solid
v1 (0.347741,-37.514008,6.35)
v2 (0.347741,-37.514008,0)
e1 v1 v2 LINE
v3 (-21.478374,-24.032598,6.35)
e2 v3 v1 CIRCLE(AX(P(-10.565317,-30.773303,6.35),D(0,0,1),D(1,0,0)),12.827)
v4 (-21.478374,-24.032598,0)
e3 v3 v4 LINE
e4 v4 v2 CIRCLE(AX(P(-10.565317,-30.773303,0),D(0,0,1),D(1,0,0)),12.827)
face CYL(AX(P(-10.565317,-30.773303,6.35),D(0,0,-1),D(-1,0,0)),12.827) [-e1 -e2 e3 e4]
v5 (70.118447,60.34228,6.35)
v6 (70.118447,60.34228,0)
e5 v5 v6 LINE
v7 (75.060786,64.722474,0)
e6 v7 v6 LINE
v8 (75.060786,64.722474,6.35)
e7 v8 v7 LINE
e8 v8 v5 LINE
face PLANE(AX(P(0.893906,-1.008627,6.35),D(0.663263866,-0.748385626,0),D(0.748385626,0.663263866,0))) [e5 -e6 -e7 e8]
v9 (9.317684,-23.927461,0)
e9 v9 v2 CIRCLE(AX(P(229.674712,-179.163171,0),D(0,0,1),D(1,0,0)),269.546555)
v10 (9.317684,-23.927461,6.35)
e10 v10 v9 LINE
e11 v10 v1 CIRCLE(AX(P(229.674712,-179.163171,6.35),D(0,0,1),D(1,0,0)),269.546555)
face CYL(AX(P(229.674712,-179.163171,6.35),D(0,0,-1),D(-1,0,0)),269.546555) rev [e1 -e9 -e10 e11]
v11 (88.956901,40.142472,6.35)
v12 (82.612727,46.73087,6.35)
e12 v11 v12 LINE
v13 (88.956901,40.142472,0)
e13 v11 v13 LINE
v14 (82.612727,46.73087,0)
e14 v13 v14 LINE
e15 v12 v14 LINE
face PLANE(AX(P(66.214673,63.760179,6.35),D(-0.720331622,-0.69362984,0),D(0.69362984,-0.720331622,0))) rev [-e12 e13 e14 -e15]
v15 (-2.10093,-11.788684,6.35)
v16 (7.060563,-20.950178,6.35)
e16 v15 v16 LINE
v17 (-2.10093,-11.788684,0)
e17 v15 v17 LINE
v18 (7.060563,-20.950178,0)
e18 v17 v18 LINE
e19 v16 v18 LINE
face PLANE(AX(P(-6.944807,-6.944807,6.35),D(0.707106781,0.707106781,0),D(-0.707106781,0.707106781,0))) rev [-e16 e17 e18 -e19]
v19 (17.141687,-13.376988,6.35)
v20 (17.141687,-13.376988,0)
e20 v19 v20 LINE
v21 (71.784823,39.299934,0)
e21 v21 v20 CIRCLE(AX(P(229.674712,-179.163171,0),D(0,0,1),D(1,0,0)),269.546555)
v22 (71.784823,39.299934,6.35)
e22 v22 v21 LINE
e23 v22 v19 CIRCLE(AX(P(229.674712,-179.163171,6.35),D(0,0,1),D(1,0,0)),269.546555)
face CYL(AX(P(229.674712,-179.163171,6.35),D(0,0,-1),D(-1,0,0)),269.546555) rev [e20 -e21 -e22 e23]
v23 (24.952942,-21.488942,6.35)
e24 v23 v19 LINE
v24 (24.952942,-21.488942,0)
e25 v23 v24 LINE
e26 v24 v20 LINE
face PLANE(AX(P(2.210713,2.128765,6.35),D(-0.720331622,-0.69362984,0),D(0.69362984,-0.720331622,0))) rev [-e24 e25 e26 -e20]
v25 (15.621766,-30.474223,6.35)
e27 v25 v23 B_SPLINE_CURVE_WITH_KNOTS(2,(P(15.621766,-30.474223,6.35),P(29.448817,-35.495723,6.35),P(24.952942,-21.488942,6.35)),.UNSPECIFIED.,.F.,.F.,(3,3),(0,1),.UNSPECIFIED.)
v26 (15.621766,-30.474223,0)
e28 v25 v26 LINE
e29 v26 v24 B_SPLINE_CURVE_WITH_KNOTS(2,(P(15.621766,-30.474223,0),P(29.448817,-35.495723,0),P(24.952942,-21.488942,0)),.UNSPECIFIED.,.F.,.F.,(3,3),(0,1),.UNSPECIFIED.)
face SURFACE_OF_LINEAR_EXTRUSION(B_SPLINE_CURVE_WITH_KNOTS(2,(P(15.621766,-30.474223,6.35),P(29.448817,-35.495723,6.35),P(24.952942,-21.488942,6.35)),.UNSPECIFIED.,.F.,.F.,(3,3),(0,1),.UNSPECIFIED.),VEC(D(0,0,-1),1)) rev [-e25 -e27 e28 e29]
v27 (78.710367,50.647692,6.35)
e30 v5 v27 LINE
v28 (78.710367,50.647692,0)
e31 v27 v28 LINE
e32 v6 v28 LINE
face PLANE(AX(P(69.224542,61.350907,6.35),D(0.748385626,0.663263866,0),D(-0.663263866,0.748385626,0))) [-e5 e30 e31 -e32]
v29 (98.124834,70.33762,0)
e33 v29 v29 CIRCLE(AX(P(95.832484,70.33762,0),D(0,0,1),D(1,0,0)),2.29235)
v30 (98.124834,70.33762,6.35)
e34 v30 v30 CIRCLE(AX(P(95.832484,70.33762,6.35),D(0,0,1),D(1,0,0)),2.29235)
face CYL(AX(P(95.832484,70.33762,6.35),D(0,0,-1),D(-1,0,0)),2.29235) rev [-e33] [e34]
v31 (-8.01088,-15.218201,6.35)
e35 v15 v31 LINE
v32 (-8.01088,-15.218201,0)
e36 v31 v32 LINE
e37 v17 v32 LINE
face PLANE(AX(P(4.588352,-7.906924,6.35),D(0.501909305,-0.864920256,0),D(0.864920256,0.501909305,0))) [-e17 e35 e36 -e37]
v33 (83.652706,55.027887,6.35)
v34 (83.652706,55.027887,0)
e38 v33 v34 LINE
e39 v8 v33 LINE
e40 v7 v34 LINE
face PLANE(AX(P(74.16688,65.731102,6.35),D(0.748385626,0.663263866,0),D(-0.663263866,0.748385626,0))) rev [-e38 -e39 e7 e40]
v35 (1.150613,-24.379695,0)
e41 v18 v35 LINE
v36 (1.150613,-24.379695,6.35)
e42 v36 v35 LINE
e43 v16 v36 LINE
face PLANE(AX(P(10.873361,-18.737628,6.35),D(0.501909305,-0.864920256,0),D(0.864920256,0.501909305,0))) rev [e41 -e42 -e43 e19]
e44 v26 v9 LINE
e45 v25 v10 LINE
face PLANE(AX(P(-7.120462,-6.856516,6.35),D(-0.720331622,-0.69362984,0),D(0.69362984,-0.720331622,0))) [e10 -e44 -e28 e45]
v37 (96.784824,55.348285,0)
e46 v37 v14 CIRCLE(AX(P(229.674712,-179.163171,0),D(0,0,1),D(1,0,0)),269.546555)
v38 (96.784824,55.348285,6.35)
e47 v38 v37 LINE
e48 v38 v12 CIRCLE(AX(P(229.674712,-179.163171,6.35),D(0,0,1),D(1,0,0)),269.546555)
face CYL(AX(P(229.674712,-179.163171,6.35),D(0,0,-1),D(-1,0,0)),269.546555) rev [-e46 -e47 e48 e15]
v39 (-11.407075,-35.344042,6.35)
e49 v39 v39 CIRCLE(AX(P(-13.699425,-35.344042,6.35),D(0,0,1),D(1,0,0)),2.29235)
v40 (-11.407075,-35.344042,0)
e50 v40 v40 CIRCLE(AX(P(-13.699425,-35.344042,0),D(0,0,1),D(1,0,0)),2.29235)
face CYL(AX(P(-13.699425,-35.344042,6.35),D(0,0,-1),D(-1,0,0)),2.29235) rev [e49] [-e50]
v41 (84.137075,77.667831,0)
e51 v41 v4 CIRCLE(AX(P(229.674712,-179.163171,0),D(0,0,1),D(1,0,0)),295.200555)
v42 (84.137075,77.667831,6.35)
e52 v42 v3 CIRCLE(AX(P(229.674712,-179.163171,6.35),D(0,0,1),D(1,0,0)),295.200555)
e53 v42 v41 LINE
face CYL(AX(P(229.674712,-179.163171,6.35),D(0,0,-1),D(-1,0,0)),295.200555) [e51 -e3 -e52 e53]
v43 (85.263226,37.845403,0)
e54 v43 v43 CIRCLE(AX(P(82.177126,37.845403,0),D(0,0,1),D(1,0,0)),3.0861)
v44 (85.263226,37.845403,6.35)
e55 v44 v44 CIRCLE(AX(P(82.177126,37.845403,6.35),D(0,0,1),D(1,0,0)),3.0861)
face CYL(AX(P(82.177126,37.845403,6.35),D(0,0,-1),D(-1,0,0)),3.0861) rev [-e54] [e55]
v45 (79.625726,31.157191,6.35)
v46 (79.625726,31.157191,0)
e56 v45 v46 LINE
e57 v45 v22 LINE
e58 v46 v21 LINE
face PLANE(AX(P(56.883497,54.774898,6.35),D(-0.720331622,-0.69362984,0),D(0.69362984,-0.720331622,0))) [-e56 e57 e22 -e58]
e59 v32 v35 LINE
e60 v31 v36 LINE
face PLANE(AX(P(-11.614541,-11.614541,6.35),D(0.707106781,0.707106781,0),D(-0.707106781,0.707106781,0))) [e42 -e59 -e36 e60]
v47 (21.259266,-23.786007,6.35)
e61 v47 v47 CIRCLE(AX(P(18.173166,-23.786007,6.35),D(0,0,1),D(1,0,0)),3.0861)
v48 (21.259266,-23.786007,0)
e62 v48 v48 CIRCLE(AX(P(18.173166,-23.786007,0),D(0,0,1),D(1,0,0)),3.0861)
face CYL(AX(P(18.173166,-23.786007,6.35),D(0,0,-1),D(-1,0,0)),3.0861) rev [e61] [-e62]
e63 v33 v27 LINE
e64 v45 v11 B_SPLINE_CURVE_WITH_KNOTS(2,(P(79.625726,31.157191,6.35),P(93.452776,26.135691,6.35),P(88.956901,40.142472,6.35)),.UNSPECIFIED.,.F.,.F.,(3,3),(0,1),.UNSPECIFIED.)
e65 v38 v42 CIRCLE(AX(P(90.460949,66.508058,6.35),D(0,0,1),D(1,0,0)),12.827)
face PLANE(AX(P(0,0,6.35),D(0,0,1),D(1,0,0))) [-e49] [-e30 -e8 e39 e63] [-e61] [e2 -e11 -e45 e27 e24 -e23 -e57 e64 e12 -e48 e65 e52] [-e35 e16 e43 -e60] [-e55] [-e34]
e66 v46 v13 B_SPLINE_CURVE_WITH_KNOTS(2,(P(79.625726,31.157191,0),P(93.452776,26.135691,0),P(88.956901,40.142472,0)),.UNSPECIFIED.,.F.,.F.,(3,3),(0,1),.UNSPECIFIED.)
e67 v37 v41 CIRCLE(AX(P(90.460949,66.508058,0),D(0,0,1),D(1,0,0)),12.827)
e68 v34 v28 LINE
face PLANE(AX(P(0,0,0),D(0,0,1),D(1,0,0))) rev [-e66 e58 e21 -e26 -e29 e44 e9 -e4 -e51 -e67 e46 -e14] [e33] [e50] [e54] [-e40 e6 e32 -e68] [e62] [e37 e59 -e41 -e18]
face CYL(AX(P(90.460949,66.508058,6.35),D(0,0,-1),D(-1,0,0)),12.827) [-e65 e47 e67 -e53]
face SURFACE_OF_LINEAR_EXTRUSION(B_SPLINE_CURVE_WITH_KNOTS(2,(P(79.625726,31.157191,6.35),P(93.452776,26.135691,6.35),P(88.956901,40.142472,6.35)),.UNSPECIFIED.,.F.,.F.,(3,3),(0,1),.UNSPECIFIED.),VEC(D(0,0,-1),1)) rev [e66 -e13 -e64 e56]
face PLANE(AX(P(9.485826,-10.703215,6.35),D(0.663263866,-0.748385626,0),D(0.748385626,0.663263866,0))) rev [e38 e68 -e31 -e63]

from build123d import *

# Parameters (mm, degrees)
SKETCH1_R           = 3.0861
SKETCH1_R_2         = 2.29235
BOSS_EXTRUDE1_DEPTH = 6.35


with BuildPart() as part:
    # Sketch1 → Boss-Extrude1 (new body)
    with BuildSketch(Plane.XY):
        with BuildLine():
            Line((9.317684399, -23.927461165), (15.621766017, -30.474222957))
            add(Edge.make_bspline(
                [(15.621766017, -30.474222957), (29.448816856, -35.495722543), (24.952941844, -21.488942011)],
                knots=[0, 0, 0, 1, 1, 1], degree=2))
            Line((24.952941844, -21.488942011), (17.141687262, -13.376987542))
            ThreePointArc((17.141687262, -13.376987542), (42.59986543, 14.894415901), (71.784823307, 39.299934171))
            Line((71.784823307, 39.299934171), (79.625725522, 31.157190761))
            add(Edge.make_bspline(
                [(79.625725522, 31.157190761), (93.452776362, 26.135691176), (88.956901349, 40.142471708)],
                knots=[0, 0, 0, 1, 1, 1], degree=2))
            Line((88.956901349, 40.142471708), (82.612726668, 46.730869976))
            ThreePointArc((82.612726668, 46.730869976), (89.632476194, 51.148612181), (96.784823972, 55.348284892))
            ThreePointArc((96.784823972, 55.348284892), (101.62072272, 72.831932717), (84.137074895, 77.667831466))
            ThreePointArc((84.137074895, 77.667831466), (24.914787096, 33.479112567), (-21.478374368, -24.032597715))
            ThreePointArc((-21.478374368, -24.032597715), (-17.306021838, -41.68636027), (0.347740718, -37.51400774))
            ThreePointArc((0.347740718, -37.51400774), (4.730111543, -30.652996464), (9.317684399, -23.927461165))
        make_face()
        with Locations((18.173165644, -23.786006993)):
            Circle(SKETCH1_R, mode=Mode.SUBTRACT)
        with Locations((95.832484441, 70.337620248)):
            Circle(SKETCH1_R_2, mode=Mode.SUBTRACT)
        with Locations((-13.699424668, -35.344042378)):
            Circle(SKETCH1_R_2, mode=Mode.SUBTRACT)
        Polygon((-8.010879952, -15.218201264), (-2.100930482, -11.788684368), (7.060562914, -20.950177765), (1.150613445, -24.379694661), align=None, mode=Mode.SUBTRACT)
        Polygon((70.118447134, 60.342279832), (75.060785804, 64.722474401), (83.652705921, 55.027887008), (78.71036725, 50.647692439), align=None, mode=Mode.SUBTRACT)
        with Locations((82.177125837, 37.84540285)):
            Circle(SKETCH1_R, mode=Mode.SUBTRACT)
    extrude(amount=BOSS_EXTRUDE1_DEPTH)


solid = part.part
